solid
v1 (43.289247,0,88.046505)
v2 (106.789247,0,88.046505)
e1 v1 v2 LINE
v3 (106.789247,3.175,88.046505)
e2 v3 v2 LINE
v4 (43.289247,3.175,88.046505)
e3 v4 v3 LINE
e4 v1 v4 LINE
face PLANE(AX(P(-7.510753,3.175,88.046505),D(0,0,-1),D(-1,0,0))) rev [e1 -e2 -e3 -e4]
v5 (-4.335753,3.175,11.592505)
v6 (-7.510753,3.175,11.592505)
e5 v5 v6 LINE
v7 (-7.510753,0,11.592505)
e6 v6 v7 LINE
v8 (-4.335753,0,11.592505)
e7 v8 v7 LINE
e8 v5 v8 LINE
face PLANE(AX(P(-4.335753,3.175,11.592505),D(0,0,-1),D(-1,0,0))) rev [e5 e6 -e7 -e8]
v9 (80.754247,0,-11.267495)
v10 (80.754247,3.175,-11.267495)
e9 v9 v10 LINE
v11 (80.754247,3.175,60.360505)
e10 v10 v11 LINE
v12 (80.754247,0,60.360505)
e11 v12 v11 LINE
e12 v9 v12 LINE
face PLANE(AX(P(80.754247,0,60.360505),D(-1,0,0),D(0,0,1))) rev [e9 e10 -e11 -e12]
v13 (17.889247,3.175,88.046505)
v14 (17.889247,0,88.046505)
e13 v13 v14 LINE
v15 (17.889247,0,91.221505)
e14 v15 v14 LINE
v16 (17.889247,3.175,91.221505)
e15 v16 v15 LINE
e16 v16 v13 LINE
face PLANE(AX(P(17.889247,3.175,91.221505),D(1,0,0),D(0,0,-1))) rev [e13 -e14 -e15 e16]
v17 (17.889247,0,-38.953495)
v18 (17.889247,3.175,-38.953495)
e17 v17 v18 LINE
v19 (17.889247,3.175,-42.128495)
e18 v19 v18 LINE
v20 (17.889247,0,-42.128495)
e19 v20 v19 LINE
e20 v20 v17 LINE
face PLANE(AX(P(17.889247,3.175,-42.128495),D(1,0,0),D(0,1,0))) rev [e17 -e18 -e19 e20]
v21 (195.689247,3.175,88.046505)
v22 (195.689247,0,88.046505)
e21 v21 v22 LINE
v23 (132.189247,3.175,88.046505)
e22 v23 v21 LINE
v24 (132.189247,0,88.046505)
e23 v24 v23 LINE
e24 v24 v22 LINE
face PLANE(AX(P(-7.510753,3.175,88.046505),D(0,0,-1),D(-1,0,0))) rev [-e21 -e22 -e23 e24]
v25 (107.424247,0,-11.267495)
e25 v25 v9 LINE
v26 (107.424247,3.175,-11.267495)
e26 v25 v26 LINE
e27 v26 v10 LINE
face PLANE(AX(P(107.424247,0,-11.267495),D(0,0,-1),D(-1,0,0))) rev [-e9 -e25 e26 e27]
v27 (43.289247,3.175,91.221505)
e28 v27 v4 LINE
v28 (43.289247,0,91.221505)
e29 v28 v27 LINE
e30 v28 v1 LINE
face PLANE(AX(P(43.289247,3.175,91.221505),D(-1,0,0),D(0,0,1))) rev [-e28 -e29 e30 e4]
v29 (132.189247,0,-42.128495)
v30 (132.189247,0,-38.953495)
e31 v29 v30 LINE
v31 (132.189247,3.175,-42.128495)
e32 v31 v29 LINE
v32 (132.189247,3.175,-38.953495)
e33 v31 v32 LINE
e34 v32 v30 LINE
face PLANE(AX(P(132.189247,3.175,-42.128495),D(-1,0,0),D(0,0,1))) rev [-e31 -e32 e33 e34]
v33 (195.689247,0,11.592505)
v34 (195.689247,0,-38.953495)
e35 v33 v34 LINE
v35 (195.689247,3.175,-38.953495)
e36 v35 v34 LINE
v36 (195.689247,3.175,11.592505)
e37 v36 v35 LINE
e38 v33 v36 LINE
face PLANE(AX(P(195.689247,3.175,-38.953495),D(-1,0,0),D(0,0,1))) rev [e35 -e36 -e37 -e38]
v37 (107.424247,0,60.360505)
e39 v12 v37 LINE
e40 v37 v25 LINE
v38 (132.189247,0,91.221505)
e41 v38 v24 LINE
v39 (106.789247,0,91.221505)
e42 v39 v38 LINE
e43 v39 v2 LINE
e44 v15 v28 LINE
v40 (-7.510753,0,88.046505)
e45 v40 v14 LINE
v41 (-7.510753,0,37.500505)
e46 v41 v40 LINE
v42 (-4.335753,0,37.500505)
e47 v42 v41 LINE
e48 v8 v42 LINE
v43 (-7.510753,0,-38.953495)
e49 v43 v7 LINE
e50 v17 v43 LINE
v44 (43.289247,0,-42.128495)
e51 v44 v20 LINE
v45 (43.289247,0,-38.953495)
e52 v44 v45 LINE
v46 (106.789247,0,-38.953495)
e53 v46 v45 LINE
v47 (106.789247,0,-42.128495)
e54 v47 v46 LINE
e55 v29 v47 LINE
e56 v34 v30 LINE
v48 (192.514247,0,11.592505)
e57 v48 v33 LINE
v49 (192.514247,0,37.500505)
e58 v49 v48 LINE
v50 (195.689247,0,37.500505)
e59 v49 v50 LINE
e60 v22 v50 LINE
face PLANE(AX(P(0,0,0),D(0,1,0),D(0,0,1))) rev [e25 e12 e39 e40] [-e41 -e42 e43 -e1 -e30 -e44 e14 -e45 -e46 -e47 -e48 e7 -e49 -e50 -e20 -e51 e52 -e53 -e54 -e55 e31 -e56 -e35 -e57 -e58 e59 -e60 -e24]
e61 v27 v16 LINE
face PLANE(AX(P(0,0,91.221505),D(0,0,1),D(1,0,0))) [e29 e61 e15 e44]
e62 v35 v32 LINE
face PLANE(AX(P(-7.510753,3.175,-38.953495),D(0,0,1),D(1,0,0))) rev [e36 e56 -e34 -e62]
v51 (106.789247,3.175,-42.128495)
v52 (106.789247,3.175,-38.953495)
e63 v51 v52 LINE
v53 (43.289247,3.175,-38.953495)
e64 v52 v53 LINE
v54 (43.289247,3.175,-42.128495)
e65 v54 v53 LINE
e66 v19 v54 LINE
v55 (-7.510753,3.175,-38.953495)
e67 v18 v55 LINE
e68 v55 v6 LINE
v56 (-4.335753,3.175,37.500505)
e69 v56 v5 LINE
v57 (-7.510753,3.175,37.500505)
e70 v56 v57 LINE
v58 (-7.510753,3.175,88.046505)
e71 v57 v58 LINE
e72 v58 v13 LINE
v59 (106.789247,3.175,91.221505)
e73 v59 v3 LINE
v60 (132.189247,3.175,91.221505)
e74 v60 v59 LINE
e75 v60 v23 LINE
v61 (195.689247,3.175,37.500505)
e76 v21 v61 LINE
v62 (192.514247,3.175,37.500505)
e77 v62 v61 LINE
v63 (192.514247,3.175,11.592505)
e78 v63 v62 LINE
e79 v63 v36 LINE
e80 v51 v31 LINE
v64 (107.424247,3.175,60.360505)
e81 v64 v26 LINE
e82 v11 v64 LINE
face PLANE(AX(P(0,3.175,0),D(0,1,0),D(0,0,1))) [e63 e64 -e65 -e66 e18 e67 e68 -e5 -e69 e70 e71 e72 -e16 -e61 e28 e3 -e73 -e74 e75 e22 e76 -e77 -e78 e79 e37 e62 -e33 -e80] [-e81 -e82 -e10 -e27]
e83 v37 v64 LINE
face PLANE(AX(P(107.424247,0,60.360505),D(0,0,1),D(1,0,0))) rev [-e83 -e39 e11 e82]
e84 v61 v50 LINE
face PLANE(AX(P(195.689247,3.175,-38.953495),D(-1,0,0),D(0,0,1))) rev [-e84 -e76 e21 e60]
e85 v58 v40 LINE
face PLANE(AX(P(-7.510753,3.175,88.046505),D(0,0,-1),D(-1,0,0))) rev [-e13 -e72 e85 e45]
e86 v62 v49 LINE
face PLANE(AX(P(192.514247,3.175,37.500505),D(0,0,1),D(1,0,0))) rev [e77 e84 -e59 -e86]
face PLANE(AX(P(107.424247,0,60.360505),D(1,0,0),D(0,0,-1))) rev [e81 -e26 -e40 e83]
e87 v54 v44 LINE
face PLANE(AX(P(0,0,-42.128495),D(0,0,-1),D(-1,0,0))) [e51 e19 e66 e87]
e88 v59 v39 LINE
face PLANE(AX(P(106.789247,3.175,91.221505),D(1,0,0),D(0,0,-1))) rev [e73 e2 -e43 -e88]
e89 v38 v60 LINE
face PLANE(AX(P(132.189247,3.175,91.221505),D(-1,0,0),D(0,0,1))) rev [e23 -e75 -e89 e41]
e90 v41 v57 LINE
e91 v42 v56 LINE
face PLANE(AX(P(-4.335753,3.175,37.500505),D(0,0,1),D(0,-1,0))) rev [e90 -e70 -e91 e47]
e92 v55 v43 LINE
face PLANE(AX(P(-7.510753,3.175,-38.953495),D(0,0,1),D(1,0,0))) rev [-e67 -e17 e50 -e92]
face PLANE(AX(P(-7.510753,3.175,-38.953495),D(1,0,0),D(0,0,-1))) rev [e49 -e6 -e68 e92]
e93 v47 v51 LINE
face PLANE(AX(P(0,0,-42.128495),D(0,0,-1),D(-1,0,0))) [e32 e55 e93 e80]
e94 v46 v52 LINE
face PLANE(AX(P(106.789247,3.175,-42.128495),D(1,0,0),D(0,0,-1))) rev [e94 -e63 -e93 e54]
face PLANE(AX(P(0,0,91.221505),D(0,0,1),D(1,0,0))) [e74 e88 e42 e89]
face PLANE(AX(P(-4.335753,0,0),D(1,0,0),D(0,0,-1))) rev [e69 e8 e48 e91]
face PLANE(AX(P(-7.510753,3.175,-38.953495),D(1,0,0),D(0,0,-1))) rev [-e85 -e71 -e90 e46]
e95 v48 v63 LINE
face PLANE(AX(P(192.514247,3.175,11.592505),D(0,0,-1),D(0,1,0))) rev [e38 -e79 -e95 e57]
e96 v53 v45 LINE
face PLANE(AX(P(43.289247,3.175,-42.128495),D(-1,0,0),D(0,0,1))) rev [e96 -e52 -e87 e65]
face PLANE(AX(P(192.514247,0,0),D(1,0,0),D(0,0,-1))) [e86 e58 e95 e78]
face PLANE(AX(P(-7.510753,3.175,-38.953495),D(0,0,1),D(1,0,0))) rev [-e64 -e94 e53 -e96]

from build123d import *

# Parameters (mm, degrees)
SKETCH1_W           = 203.2
SKETCH1_H           = 127
BOSS_EXTRUDE1_DEPTH = 3.175
SKETCH2_W           = 25.4
SKETCH2_H           = 3.175
BOSS_EXTRUDE2_DEPTH = 3.175
SKETCH3_W           = 25.4
SKETCH3_H           = 3.175
BOSS_EXTRUDE3_DEPTH = 3.175
SKETCH4_W           = 25.908
SKETCH4_H           = 3.175
CUT_EXTRUDE1_DEPTH  = 3.175
SKETCH5_W           = 25.908
SKETCH5_H           = 3.175
CUT_EXTRUDE2_DEPTH  = 3.175
SKETCH7_W           = 26.67
SKETCH7_H           = 71.628
CUT_EXTRUDE3_DEPTH  = 3.175


with BuildPart() as part:
    # Sketch1 → Boss-Extrude1 (new body)
    with BuildSketch(Plane(origin=(0, 0, 0), x_dir=(1, 0, 0), z_dir=(0, 1, 0))):
        with Locations((94.089247312, -24.546505376)):
            Rectangle(SKETCH1_W, SKETCH1_H)
    extrude(amount=BOSS_EXTRUDE1_DEPTH)

    # Sketch2 → Boss-Extrude2 (add)
    with BuildSketch(Plane.XY.offset(88.046505376)):
        with Locations((119.489247312, 1.5875)):
            Rectangle(SKETCH2_W, SKETCH2_H)
        with Locations((30.589247312, 1.5875)):
            Rectangle(SKETCH2_W, SKETCH2_H)
    extrude(amount=BOSS_EXTRUDE2_DEPTH)

    # Sketch3 → Boss-Extrude3 (add)
    with BuildSketch(Plane(origin=(0, 0, -38.953494624), x_dir=(-1, 0, 0), z_dir=(0, 0, -1))):
        with Locations((-119.489247312, 1.5875)):
            Rectangle(SKETCH3_W, SKETCH3_H)
        with Locations((-30.589247312, 1.5875)):
            Rectangle(SKETCH3_W, SKETCH3_H)
    extrude(amount=BOSS_EXTRUDE3_DEPTH)

    # Sketch4 → Cut-Extrude1 (cut)
    with BuildSketch(Plane(origin=(195.689247312, 0, 0), x_dir=(0, 0, -1), z_dir=(1, 0, 0))):
        with Locations((-24.546505376, 1.5875)):
            Rectangle(SKETCH4_W, SKETCH4_H)
    extrude(amount=-CUT_EXTRUDE1_DEPTH, mode=Mode.SUBTRACT)

    # Sketch5 → Cut-Extrude2 (cut)
    with BuildSketch(Plane.ZY.offset(7.510752688)):
        with Locations((24.546505376, 1.5875)):
            Rectangle(SKETCH5_W, SKETCH5_H)
    extrude(amount=-CUT_EXTRUDE2_DEPTH, mode=Mode.SUBTRACT)

    # Sketch7 → Cut-Extrude3 (cut)
    with BuildSketch(Plane(origin=(0, 3.175, 0), x_dir=(1, 0, 0), z_dir=(0, 1, 0))):
        with Locations((94.089247312, -24.546505376)):
            Rectangle(SKETCH7_W, SKETCH7_H)
    extrude(amount=-CUT_EXTRUDE3_DEPTH, mode=Mode.SUBTRACT)


solid = part.part
